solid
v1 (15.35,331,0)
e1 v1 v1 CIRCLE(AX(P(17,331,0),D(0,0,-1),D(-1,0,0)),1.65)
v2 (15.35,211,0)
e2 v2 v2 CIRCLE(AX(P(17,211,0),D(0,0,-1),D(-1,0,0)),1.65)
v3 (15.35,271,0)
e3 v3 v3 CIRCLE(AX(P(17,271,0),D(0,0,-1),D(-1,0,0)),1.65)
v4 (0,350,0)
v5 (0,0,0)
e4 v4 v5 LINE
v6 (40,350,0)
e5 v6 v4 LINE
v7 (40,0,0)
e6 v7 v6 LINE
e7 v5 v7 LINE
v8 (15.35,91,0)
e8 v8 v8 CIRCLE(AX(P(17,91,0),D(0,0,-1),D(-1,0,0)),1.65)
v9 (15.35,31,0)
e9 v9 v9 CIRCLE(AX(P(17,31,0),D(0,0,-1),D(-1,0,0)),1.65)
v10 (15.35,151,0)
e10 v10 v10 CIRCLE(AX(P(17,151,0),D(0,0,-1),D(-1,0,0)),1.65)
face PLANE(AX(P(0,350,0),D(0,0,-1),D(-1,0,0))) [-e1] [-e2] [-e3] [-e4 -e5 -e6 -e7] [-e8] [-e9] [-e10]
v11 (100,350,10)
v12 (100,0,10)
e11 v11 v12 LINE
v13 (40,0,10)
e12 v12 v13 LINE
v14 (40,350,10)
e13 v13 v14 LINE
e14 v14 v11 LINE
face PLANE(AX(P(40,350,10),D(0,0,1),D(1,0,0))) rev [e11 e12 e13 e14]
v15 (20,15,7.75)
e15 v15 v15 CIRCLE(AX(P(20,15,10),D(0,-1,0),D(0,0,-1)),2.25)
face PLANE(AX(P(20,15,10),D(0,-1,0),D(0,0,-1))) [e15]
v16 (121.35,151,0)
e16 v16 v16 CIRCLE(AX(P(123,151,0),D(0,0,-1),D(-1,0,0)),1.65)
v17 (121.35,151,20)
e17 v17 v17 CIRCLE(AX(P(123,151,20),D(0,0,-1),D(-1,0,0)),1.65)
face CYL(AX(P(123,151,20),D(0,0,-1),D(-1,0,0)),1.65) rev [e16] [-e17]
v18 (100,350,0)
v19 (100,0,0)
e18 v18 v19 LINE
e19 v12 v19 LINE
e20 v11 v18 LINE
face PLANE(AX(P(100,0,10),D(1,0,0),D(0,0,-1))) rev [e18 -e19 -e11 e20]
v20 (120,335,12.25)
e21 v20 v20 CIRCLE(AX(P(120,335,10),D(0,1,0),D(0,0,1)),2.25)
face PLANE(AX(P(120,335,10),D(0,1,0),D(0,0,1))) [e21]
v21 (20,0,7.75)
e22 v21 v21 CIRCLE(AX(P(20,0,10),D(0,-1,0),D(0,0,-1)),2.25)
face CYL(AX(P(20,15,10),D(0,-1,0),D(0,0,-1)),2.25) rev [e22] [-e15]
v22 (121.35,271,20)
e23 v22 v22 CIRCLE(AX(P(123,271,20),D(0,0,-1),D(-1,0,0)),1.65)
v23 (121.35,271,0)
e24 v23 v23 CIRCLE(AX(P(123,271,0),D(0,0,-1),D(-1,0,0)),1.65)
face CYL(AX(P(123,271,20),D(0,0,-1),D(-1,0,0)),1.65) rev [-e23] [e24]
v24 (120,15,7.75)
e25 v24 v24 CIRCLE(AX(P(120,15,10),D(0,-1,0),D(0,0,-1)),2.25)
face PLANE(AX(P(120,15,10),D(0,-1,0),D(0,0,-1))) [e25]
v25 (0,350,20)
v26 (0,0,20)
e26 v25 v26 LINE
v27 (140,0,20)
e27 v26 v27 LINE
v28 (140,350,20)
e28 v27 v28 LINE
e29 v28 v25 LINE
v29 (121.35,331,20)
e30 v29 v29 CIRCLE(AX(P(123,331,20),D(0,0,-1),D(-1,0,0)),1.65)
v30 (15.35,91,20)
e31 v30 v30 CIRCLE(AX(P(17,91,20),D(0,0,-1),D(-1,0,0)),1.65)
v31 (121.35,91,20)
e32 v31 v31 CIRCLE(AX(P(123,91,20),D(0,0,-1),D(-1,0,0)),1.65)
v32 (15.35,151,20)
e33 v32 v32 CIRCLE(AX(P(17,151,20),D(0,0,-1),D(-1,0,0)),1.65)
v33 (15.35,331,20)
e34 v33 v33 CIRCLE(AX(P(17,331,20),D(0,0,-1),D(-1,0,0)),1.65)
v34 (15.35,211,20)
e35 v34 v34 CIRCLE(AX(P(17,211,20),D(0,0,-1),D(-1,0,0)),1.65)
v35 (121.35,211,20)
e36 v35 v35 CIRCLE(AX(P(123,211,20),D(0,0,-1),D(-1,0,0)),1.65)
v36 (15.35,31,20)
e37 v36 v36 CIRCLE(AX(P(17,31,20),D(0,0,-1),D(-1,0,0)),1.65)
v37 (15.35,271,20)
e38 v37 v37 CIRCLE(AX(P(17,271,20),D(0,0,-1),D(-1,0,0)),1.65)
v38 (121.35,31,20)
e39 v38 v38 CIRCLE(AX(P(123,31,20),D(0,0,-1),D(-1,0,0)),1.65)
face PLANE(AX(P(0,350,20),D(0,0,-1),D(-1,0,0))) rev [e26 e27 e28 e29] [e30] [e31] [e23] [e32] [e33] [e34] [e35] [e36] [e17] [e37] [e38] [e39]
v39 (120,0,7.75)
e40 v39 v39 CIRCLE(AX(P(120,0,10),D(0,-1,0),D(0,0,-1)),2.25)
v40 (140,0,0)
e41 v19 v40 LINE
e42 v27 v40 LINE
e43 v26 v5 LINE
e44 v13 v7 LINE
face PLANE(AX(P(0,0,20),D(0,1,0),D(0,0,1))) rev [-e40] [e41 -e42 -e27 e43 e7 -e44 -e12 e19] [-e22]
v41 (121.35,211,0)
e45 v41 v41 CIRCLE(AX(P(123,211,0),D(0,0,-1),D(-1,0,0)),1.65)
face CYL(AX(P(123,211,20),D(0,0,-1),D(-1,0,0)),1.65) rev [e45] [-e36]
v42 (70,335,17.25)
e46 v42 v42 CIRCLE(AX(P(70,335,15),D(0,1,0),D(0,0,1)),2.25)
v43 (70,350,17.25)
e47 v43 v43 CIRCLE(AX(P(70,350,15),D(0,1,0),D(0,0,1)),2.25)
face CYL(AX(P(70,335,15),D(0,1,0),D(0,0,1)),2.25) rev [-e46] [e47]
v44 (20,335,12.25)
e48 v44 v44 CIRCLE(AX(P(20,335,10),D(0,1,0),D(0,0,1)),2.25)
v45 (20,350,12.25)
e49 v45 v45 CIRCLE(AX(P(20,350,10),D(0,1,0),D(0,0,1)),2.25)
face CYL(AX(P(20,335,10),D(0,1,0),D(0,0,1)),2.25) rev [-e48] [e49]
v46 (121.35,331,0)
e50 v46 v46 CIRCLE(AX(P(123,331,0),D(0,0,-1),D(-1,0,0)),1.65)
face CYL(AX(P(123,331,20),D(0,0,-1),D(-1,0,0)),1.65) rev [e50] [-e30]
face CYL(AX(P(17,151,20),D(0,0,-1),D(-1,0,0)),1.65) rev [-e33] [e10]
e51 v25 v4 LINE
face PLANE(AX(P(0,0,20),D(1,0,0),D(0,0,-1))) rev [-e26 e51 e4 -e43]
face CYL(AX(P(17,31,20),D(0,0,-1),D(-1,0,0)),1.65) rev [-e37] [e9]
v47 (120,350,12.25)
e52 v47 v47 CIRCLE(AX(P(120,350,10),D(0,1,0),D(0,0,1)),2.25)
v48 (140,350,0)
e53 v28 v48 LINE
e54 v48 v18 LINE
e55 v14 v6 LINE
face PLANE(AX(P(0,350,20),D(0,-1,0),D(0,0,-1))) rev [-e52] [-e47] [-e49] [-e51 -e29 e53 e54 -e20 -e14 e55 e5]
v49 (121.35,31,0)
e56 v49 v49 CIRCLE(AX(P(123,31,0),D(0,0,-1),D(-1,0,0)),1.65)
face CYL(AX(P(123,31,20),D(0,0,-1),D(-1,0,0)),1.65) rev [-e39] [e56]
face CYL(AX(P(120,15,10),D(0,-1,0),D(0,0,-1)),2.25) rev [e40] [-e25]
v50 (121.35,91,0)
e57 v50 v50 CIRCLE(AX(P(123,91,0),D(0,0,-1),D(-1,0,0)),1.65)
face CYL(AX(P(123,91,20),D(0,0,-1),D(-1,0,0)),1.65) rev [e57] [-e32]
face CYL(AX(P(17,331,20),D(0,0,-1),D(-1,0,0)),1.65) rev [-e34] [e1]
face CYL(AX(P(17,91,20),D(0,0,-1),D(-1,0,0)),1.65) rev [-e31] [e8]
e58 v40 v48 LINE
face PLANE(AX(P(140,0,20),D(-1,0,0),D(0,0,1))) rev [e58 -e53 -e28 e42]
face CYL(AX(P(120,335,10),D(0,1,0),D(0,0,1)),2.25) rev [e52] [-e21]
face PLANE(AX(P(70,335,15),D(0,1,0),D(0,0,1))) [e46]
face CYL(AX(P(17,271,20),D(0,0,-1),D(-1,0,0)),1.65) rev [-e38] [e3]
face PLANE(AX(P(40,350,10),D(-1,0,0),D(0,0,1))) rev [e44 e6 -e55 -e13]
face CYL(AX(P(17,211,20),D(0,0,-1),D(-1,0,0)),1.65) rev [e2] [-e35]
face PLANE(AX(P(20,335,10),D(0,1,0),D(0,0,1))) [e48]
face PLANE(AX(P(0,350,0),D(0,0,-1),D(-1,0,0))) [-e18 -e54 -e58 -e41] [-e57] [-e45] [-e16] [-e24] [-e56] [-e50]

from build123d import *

# Parameters (mm, degrees)
SKETCH1_W          = 140
SKETCH1_H          = 350
EXTRUDE1_DEPTH     = 20
CUT_EXTRUDE2_DEPTH = 10
SKETCH4_R          = 2.25
CUT_EXTRUDE3_DEPTH = 15
SKETCH6_R          = 2.25
CUT_EXTRUDE5_DEPTH = 15
SKETCH7_R          = 1.65
CUT_EXTRUDE6_DEPTH = 20


with BuildPart() as part:
    # Sketch1 → Extrude1 (new body)
    with BuildSketch(Plane.XY):
        with Locations((70, 175)):
            Rectangle(SKETCH1_W, SKETCH1_H)
    extrude(amount=EXTRUDE1_DEPTH)

    # Sketch3 → Cut-Extrude2 (cut)
    with BuildSketch(Plane(origin=(0, 0, 0), x_dir=(-1, 0, 0), z_dir=(0, 0, -1))):
        Polygon((-70, 350), (-55, 350), (-40, 350), (-40, 0), (-100, 0), (-100, 350), align=None)
    extrude(amount=-CUT_EXTRUDE2_DEPTH, mode=Mode.SUBTRACT)

    # Sketch4 → Cut-Extrude3 (cut)
    with BuildSketch(Plane(origin=(0, 350, 0), x_dir=(-1, 0, 0), z_dir=(0, 1, 0))):
        with Locations((-20, 10)):
            Circle(SKETCH4_R)
        with Locations((-70, 15)):
            Circle(SKETCH4_R)
        with Locations((-120, 10)):
            Circle(SKETCH4_R)
    extrude(amount=-CUT_EXTRUDE3_DEPTH, mode=Mode.SUBTRACT)

    # Sketch6 → Cut-Extrude5 (cut)
    with BuildSketch(Plane.XZ):
        with Locations((20, 10)):
            Circle(SKETCH6_R)
        with Locations((120, 10)):
            Circle(SKETCH6_R)
    extrude(amount=-CUT_EXTRUDE5_DEPTH, mode=Mode.SUBTRACT)

    # Sketch7 → Cut-Extrude6 (cut)
    with BuildSketch(Plane(origin=(0, 0, 0), x_dir=(-1, 0, 0), z_dir=(0, 0, -1))):
        with Locations((-123, 331)):
            Circle(SKETCH7_R)
        with Locations((-17, 331)):
            Circle(SKETCH7_R)
        with Locations((-17, 31)):
            Circle(SKETCH7_R)
        with Locations((-123, 31)):
            Circle(SKETCH7_R)
        with Locations((-17, 271)):
            Circle(SKETCH7_R)
        with Locations((-17, 211)):
            Circle(SKETCH7_R)
        with Locations((-17, 151)):
            Circle(SKETCH7_R)
        with Locations((-17, 91)):
            Circle(SKETCH7_R)
        with Locations((-123, 91)):
            Circle(SKETCH7_R)
        with Locations((-123, 151)):
            Circle(SKETCH7_R)
        with Locations((-123, 211)):
            Circle(SKETCH7_R)
        with Locations((-123, 271)):
            Circle(SKETCH7_R)
    extrude(amount=-CUT_EXTRUDE6_DEPTH, mode=Mode.SUBTRACT)


solid = part.part
